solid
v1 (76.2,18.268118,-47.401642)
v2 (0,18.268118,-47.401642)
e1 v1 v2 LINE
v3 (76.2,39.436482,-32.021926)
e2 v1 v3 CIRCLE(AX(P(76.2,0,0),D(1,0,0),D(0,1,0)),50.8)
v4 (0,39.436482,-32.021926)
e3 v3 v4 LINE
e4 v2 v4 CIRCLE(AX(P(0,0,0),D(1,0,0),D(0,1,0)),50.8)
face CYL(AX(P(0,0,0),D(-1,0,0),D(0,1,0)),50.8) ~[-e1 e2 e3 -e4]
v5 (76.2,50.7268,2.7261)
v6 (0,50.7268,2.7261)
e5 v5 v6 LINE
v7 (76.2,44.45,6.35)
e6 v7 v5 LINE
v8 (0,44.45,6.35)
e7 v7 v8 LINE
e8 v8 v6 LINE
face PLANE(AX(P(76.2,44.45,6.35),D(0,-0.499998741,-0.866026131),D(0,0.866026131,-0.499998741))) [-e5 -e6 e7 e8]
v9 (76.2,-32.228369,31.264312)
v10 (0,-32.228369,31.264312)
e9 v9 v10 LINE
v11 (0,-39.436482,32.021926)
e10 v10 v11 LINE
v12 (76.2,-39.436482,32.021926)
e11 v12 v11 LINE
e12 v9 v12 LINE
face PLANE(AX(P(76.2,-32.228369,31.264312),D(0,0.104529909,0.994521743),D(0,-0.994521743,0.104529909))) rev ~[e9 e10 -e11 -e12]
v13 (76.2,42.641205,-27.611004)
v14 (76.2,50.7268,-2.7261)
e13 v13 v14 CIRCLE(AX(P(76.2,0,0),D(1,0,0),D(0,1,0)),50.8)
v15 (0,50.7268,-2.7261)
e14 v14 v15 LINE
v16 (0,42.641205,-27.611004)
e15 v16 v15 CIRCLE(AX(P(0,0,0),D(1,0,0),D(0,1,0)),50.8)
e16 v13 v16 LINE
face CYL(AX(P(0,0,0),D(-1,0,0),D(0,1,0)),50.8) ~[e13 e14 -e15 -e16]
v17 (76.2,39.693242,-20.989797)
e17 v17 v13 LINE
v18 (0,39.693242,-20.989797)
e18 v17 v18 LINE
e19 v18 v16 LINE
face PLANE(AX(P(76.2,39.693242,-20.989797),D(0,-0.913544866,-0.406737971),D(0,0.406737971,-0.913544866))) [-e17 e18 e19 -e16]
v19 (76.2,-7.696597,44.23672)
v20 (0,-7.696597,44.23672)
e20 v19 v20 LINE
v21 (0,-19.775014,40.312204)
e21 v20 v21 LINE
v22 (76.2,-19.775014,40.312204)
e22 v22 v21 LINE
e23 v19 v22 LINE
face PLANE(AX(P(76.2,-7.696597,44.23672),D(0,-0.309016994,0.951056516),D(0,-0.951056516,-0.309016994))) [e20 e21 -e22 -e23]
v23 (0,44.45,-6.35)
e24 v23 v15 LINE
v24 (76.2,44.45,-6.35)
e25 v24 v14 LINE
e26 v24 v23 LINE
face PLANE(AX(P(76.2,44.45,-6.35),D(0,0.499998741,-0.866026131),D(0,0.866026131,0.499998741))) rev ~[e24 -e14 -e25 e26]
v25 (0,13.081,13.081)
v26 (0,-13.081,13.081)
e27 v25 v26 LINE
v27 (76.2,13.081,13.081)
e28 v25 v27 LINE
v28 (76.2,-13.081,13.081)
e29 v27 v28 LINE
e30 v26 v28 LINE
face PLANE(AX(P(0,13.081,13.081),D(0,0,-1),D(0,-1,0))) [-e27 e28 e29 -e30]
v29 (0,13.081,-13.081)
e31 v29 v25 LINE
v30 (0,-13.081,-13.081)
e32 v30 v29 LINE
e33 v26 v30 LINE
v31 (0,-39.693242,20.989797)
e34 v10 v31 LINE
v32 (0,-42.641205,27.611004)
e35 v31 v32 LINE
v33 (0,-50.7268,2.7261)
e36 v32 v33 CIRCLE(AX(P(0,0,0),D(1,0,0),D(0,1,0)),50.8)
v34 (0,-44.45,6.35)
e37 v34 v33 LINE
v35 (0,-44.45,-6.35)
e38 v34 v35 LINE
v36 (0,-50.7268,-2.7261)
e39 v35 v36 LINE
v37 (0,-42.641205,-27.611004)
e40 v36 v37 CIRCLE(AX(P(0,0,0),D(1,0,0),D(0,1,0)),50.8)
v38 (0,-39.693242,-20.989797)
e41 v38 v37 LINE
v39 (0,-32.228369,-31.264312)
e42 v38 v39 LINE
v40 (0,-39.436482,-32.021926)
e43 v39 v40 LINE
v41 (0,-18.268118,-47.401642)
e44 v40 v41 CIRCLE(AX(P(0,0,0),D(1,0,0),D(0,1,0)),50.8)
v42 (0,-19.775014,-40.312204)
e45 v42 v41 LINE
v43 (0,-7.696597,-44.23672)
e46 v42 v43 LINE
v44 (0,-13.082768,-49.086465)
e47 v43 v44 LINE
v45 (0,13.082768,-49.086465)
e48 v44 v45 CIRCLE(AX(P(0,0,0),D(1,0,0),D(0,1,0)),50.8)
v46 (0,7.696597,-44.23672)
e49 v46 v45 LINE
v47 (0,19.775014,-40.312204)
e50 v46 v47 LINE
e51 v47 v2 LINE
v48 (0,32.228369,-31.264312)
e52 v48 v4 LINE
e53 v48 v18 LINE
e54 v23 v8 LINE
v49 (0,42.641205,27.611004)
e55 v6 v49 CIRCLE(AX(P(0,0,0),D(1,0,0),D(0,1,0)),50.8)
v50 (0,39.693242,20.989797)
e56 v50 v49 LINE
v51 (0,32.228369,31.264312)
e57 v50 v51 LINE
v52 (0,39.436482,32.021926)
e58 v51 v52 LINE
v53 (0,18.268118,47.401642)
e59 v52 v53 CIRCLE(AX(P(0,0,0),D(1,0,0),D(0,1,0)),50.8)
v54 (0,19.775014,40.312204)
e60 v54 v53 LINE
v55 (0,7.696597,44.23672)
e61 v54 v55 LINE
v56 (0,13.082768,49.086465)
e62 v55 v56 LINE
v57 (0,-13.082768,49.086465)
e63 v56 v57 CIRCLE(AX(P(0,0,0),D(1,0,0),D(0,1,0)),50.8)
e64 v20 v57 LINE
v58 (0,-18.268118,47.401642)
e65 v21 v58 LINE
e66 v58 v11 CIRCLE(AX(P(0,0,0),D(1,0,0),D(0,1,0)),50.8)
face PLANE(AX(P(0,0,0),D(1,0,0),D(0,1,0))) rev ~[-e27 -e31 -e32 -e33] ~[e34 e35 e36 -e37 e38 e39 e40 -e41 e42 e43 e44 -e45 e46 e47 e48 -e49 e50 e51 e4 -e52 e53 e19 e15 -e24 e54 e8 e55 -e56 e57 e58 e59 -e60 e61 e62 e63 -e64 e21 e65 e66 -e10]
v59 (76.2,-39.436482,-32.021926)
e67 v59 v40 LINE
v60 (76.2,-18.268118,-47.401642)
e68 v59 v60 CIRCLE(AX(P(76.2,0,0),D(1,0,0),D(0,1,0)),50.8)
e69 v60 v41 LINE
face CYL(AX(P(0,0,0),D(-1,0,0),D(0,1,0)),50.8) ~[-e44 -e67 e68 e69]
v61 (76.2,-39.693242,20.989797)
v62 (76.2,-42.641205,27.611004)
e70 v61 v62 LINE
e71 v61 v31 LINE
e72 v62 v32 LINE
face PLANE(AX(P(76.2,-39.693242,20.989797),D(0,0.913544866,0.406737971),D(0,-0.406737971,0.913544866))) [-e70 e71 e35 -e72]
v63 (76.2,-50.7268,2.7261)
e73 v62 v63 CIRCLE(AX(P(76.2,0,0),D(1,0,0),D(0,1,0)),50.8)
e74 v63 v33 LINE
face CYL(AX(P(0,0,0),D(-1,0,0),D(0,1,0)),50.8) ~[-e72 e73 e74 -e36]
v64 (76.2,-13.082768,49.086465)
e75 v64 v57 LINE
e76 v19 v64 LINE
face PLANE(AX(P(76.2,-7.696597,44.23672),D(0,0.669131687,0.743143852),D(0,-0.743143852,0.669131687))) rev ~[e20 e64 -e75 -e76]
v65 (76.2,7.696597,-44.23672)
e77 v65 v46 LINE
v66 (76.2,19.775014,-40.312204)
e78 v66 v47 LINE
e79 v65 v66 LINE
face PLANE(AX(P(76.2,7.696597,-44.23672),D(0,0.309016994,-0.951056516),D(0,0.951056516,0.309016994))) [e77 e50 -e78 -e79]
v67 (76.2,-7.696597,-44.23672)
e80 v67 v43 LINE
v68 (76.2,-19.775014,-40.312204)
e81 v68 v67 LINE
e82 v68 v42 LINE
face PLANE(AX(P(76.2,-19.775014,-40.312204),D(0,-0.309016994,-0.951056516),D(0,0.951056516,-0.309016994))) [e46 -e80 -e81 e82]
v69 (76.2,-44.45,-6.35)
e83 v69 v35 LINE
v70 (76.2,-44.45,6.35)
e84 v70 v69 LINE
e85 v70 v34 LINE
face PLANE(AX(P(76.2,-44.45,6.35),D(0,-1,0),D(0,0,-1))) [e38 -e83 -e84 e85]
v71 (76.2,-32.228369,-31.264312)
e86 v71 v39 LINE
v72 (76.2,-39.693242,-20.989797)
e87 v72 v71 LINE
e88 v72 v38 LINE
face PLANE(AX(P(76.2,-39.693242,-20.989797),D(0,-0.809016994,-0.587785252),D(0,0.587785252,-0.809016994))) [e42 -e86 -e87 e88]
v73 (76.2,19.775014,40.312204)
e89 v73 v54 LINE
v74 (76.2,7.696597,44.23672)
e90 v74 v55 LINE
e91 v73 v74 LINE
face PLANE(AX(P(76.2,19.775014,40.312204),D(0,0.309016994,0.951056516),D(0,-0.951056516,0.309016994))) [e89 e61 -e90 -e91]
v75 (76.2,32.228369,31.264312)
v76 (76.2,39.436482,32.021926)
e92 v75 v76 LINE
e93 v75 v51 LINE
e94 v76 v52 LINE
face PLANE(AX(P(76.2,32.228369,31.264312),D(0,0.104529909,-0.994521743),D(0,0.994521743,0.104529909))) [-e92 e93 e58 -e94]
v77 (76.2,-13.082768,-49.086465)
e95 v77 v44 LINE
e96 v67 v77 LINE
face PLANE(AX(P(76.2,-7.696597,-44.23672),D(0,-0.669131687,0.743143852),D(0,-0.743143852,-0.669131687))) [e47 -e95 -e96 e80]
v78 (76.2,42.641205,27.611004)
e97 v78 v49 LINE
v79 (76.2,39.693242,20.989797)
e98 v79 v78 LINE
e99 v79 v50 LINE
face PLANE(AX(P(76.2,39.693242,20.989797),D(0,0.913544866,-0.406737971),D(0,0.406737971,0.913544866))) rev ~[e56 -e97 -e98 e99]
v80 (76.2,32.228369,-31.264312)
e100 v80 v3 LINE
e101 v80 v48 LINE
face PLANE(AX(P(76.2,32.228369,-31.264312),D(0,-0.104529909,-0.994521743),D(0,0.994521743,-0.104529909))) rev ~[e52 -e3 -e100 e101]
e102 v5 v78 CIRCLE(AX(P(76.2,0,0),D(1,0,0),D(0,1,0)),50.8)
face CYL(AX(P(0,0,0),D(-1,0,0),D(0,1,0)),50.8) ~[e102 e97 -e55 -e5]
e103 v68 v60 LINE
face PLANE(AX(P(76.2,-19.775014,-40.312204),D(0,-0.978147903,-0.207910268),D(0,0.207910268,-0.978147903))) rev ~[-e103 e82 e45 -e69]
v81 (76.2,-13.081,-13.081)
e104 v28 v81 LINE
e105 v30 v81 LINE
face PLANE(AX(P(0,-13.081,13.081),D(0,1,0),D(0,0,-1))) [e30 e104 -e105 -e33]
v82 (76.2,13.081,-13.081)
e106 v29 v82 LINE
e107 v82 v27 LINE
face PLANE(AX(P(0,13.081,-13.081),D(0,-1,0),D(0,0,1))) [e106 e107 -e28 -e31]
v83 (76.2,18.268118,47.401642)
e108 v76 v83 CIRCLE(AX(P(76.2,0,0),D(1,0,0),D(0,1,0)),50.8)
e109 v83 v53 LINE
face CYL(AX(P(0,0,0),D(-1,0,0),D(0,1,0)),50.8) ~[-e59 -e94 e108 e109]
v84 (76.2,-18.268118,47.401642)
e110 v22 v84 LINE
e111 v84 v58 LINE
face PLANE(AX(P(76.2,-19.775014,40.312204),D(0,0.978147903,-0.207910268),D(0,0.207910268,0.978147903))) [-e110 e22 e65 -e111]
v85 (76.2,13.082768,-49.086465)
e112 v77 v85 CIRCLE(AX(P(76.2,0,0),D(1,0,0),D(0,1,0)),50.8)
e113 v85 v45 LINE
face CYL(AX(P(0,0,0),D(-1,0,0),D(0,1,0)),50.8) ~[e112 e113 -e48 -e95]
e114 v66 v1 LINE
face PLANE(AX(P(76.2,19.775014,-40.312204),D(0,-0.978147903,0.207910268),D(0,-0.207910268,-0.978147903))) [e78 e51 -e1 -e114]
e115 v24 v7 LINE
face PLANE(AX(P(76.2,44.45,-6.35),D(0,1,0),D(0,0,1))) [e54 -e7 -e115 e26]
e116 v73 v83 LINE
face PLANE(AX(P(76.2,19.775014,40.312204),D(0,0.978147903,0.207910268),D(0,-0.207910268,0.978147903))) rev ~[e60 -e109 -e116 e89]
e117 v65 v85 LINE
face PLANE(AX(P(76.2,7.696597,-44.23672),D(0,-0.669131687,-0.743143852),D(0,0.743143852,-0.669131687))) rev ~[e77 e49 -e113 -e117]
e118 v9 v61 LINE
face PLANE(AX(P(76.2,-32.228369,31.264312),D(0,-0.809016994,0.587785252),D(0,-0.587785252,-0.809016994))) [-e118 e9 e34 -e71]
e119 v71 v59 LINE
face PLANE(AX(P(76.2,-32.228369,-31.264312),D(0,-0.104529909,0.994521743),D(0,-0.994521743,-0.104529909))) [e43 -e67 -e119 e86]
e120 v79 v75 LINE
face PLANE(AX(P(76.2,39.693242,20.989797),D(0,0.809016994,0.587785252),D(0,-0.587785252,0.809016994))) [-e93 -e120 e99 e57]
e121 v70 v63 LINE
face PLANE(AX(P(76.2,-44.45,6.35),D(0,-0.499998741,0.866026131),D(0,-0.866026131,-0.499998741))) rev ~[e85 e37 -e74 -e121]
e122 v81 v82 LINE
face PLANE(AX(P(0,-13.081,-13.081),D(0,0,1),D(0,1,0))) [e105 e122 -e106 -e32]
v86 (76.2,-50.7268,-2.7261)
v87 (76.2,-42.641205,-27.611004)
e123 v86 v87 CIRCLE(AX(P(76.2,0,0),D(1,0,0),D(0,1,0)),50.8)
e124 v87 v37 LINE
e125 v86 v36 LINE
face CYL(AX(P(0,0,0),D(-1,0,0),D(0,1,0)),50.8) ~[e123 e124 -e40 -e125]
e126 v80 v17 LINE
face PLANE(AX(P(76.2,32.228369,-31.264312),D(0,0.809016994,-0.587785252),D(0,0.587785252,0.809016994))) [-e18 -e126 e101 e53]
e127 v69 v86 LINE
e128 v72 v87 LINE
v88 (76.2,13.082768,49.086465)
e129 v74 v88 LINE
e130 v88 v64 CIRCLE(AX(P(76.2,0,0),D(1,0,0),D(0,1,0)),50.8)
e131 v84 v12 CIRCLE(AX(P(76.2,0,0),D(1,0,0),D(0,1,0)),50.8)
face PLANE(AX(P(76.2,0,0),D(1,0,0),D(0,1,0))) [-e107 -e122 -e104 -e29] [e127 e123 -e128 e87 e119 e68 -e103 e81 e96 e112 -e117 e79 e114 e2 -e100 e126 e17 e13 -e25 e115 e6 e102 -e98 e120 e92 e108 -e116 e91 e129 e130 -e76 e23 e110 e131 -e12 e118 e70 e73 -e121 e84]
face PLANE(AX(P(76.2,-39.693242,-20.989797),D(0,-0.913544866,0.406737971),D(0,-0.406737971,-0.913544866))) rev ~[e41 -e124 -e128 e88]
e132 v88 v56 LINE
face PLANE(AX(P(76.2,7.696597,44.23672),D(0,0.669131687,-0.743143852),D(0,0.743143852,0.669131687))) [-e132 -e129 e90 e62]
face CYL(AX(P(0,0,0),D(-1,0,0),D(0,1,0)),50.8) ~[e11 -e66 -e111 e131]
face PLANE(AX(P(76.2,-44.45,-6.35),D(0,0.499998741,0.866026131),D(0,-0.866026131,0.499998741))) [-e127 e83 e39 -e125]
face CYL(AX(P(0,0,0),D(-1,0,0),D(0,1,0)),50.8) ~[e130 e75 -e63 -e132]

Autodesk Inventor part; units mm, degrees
ref_plane "YZ Plane" through (0, 0, 0) normal (1, 0, 0) x (0, 1, 0)
ref_plane "XZ Plane" through (0, 0, 0) normal (0, 1, 0) x (-1, 0, 0)
ref_plane "XY Plane" through (0, 0, 0) normal (0, 0, 1) x (1, 0, 0)
sketch "Sketch1" plane through (0, 0, 0) normal (1, 0, 0) x (0, 1, 0)
  circle A0 centre (0, 0) radius 50.8
  line L0 (13.081, 13.081) -> (-13.081, 13.081)
  line L1 (-13.081, 13.081) -> (-13.081, -13.081)
  line L2 (-13.081, -13.081) -> (13.081, -13.081)
  line L3 (13.081, -13.081) -> (13.081, 13.081)
  point P0 (50.7268, 2.7261)
  point P1 (50.7268, -2.7261)
  dimension "d1" = 26.162
  dimension "d2" = 26.162
extrude "Extrusion2" add sketch "Sketch1" along normal blind 76.2
sketch "Sketch2" plane through (76.2, 0, 0) normal (1, 0, 0) x (0, 0, -1)
  line L0 (-6.35, 44.45) -> (-2.7261, 50.7268) projected
  line L1 (6.35, 44.45) -> (-6.35, 44.45) projected
  line L2 (-6.35, 44.45) -> (6.35, 44.45)
  line L3 (6.35, 44.45) -> (2.7261, 50.7268)
  line L4 (-6.35, 44.45) -> (-2.7261, 50.7268)
  arc A0 (2.7261, 50.7268) -> (-2.7261, 50.7268) centre (0, 0) ccw
extrude "Extrusion3" cut sketch "Sketch2" against normal blind 76.2
pattern_circular "Circular Pattern1" count 10 over 360 about axis through (0, 0, 0) along (1, 0, 0) of "Extrusion3"
sketch "Sketch3" plane through (76.2, 0, 0) normal (1, 0, 0) x (0, 0, -1)
  point P0 (0, 0)
properties part number "220525 Large Rod Notched"
